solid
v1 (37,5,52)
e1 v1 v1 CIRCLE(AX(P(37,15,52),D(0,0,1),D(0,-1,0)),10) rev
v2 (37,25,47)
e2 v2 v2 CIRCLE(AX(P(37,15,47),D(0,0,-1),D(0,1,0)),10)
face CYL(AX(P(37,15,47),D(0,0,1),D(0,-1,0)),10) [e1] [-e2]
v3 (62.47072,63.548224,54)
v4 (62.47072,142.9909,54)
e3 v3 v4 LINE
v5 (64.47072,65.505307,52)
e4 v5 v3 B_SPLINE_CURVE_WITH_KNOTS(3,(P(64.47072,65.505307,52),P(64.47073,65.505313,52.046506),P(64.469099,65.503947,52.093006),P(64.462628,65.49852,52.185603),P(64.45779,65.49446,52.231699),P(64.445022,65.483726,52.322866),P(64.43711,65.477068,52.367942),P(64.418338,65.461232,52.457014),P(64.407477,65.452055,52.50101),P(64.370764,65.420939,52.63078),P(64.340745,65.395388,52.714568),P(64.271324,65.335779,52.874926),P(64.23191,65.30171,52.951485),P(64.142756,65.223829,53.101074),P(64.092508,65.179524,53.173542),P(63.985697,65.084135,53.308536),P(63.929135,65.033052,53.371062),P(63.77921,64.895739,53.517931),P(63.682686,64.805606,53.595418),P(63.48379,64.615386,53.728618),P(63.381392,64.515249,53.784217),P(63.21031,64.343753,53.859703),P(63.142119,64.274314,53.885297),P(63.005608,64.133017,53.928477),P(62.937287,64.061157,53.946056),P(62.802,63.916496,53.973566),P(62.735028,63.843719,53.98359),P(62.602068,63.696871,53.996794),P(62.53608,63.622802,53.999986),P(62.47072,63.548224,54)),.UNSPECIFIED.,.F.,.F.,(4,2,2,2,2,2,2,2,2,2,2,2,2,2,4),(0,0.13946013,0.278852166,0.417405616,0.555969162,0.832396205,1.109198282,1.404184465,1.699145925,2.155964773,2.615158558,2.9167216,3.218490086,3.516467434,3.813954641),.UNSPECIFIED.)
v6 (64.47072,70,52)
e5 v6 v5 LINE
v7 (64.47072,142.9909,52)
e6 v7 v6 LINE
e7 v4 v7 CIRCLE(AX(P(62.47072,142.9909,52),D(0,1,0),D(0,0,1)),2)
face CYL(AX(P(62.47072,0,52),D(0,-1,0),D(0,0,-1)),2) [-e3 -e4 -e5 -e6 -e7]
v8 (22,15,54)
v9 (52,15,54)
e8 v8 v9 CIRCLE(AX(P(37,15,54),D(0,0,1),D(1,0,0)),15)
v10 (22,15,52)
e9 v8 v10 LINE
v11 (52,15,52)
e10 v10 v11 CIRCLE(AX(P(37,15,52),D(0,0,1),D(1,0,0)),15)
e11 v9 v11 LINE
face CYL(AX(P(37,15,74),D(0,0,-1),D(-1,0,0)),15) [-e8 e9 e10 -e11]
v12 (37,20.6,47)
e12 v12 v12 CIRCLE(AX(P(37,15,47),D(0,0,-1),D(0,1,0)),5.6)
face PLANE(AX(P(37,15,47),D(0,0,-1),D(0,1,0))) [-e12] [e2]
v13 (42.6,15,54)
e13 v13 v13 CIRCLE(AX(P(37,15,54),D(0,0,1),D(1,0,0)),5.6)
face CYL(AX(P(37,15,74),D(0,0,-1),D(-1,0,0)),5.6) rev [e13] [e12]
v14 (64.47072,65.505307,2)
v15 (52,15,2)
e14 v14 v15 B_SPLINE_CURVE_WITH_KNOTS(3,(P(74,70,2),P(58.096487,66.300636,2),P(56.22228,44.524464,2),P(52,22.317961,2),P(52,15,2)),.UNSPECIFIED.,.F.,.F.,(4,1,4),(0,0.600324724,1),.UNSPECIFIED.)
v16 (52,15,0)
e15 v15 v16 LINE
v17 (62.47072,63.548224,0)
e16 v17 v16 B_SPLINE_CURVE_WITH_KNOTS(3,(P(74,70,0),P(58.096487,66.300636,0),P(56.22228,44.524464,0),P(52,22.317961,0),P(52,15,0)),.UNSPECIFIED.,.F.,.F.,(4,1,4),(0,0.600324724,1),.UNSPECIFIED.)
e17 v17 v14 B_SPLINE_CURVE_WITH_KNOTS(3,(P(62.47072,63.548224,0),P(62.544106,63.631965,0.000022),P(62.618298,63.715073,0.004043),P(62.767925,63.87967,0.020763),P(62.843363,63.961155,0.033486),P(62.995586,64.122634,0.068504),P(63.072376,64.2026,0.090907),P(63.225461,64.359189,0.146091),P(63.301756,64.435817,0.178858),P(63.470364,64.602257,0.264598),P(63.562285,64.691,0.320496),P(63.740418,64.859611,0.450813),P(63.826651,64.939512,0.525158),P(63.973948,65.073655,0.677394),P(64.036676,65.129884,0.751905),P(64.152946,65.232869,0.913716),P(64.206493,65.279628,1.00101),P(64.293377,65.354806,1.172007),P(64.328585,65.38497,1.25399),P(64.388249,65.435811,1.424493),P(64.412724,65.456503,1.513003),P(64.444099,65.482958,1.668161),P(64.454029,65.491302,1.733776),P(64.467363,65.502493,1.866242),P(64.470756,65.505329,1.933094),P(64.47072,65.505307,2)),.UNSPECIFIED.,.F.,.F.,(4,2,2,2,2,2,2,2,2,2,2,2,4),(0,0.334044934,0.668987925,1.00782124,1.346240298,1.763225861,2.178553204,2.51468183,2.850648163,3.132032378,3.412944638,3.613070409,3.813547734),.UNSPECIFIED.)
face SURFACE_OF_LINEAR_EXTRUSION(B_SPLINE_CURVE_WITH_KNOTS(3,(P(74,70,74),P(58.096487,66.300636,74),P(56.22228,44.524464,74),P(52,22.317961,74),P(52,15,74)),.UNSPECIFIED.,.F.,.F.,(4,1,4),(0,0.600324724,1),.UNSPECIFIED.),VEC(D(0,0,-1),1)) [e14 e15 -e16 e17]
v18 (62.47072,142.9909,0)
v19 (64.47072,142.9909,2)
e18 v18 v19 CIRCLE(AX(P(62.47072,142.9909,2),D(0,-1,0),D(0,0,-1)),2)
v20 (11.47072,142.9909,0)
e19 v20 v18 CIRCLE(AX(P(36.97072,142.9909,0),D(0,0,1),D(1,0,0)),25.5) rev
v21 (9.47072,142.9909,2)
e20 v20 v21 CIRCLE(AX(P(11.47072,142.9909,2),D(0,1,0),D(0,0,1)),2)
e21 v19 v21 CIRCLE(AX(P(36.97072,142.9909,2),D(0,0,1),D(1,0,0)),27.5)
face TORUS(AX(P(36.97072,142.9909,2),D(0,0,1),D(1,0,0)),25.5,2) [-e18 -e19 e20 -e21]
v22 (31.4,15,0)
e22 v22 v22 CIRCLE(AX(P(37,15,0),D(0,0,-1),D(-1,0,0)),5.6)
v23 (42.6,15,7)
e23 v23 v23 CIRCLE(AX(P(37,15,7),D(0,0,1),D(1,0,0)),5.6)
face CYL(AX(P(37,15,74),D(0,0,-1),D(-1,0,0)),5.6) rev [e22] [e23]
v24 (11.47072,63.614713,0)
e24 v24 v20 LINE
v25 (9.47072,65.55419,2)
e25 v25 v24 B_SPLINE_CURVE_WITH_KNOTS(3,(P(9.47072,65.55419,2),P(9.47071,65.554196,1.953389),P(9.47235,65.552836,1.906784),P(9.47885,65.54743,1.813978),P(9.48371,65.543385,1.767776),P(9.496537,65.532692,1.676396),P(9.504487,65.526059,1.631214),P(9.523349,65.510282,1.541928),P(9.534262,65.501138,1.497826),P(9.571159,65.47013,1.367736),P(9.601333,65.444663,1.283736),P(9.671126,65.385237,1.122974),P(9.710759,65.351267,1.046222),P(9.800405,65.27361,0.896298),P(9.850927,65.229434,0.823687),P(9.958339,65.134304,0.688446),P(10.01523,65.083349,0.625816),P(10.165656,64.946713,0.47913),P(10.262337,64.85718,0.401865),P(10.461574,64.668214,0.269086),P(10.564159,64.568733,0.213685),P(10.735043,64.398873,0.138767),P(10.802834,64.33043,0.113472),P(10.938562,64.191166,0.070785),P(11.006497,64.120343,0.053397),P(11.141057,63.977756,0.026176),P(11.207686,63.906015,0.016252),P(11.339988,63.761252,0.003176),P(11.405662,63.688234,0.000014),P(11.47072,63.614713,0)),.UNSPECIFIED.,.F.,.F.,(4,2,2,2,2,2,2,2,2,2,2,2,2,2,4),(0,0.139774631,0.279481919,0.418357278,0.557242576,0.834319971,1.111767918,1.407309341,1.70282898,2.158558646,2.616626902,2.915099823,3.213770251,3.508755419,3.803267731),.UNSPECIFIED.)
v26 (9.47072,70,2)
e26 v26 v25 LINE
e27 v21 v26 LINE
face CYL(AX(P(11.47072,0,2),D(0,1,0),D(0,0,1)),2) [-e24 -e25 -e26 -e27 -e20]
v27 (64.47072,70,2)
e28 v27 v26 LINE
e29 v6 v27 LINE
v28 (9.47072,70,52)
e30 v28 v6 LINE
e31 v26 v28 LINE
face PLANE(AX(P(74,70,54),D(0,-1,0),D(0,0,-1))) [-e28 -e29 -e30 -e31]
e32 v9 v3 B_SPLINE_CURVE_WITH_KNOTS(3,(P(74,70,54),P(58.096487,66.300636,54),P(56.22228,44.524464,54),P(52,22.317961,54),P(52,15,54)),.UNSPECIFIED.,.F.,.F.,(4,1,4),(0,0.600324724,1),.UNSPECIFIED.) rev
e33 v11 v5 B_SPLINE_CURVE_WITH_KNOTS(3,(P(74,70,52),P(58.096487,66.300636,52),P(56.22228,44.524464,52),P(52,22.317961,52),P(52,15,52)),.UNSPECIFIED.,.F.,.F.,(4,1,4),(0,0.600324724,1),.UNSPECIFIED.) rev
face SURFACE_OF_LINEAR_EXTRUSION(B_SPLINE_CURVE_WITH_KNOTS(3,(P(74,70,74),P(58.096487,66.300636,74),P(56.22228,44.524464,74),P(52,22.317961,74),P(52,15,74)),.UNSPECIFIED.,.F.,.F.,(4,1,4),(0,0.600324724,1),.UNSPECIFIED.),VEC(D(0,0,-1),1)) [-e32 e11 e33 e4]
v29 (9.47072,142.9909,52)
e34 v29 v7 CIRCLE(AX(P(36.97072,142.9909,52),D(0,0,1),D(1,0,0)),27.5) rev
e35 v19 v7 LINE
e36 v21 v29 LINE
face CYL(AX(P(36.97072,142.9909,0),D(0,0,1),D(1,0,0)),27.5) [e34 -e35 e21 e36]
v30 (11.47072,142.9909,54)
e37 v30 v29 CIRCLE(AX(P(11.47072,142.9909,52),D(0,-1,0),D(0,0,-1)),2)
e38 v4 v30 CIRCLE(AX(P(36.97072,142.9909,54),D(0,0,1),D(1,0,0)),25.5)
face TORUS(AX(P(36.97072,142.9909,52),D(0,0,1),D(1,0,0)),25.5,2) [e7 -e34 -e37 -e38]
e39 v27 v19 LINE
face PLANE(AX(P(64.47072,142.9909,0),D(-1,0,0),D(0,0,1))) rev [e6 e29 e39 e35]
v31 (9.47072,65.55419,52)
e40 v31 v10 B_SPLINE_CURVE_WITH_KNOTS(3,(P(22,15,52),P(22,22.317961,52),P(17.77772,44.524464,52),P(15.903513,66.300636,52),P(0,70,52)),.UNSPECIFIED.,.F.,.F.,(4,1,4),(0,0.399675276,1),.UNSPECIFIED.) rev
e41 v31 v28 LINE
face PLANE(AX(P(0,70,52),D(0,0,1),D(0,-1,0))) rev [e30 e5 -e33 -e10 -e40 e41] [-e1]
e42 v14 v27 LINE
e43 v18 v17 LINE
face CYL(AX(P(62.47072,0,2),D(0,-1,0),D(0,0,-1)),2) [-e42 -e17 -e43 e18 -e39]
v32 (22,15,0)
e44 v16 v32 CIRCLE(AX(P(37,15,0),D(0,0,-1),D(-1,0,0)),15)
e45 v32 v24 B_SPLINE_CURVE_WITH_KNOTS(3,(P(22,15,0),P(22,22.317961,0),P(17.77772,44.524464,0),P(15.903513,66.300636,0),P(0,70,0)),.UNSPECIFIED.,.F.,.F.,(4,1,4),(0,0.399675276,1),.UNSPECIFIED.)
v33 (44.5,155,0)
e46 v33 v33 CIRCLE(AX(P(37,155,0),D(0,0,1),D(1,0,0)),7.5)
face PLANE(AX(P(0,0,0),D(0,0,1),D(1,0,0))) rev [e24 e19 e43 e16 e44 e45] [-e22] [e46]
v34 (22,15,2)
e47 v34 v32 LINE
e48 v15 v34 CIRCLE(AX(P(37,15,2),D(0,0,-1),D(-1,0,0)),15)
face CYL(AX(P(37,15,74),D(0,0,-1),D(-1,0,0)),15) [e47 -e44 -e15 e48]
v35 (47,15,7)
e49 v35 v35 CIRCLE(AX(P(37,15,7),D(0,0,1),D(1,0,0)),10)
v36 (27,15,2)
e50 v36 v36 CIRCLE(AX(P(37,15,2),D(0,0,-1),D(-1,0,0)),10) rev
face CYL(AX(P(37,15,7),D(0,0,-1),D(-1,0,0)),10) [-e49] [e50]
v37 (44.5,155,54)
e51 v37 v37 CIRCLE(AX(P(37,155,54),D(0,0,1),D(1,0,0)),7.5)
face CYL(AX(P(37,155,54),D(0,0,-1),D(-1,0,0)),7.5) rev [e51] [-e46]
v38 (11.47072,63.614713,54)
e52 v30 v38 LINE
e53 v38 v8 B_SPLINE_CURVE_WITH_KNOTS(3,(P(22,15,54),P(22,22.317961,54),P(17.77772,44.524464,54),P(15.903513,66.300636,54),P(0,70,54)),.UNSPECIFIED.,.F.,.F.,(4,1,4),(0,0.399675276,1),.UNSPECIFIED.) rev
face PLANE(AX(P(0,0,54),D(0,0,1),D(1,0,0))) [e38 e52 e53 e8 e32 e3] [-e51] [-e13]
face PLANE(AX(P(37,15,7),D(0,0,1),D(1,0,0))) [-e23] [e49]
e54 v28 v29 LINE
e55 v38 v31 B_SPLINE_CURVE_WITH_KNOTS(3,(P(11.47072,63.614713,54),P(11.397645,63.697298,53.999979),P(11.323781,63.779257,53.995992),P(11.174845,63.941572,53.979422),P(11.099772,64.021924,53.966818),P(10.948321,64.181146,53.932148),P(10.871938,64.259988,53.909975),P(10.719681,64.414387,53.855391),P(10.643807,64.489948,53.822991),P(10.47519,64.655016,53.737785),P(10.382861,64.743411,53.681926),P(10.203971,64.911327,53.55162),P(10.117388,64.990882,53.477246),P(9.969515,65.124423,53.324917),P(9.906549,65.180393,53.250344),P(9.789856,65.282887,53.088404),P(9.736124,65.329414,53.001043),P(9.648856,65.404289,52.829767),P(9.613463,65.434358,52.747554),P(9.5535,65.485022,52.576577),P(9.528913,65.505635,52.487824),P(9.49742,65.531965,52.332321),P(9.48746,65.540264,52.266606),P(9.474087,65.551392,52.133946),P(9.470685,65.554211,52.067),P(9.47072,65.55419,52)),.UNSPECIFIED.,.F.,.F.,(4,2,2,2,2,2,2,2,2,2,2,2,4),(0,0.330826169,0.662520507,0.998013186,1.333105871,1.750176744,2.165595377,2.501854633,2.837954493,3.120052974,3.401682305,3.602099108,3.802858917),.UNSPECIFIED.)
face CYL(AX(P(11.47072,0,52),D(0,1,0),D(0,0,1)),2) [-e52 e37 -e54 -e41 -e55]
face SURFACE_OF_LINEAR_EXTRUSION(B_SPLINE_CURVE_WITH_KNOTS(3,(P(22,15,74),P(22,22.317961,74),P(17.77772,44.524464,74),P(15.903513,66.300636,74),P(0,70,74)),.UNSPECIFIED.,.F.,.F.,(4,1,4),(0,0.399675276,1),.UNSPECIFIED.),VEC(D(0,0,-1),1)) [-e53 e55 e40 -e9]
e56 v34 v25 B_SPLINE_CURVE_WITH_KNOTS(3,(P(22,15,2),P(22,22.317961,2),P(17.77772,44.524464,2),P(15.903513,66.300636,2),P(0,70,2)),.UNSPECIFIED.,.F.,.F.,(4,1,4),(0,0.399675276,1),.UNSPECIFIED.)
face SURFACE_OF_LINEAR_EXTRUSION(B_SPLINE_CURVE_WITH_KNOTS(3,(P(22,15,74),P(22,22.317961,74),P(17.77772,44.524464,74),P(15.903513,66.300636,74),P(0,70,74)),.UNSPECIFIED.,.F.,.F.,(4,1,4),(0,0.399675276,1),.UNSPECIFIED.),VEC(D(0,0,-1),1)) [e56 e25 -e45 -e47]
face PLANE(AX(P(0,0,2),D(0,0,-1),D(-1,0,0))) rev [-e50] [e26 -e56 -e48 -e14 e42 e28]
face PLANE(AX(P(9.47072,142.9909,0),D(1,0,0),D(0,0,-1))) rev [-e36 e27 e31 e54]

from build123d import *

# Parameters (mm, degrees)
CROQUIS1_R              = 5.6
CROQUIS1_R_2            = 7.5
SALIENTE_EXTRUIR1_DEPTH = 54
CROQUIS6_W              = 54
CROQUIS6_H              = 70
SALIENTE_EXTRUIR3_DEPTH = 74
CORTAR_EXTRUIR13_DEPTH  = 74
CORTAR_EXTRUIR14_DEPTH  = 74
CROQUIS9_W              = 3
CROQUIS9_H              = 11.2
CORTAR_EXTRUIR15_DEPTH  = 74
CROQUIS10_R             = 5.6
CORTAR_EXTRUIR16_DEPTH  = 74
CROQUIS11_R             = 10
CROQUIS11_R_2           = 5.6
SALIENTE_EXTRUIR4_DEPTH = 5
CROQUIS12_R             = 10
CROQUIS12_R_2           = 5.6
SALIENTE_EXTRUIR5_DEPTH = 5
CROQUIS13_W             = 50
CROQUIS13_H             = 73
CORTAR_EXTRUIR17_DEPTH  = 74
CROQUIS14_W             = 74
CROQUIS14_H             = 73
SALIENTE_EXTRUIR6_DEPTH = 54
CORTAR_EXTRUIR18_DEPTH  = 54
REDONDEO3_R             = 2
REDONDEO4_R             = 2


with BuildPart() as part:
    # Croquis1 → Saliente-Extruir1 (new body)
    with BuildSketch(Plane.XY):
        with BuildLine():
            Line((0, 143), (0, 70))
            add(Edge.make_bspline(
                [(22, 15), (22, 22.317960933), (17.777719643, 44.524463784), (15.903513438, 66.300635574), (0, 70)],
                knots=[0, 0, 0, 0, 0.399675276, 1, 1, 1, 1], degree=3))
            ThreePointArc((22, 15), (37, 0), (52, 15))
            add(Edge.make_bspline(
                [(52, 15), (52, 22.317960933), (56.222280357, 44.524463784), (58.096486562, 66.300635574), (74, 70)],
                knots=[0, 0, 0, 0, 0.399675276, 1, 1, 1, 1], degree=3))
            Line((74, 70), (74, 143))
            ThreePointArc((74, 143), (37, 180), (0, 143))
        make_face()
        with Locations((37, 15)):
            Circle(CROQUIS1_R, mode=Mode.SUBTRACT)
        with Locations((37, 155)):
            Circle(CROQUIS1_R_2, mode=Mode.SUBTRACT)
    extrude(amount=SALIENTE_EXTRUIR1_DEPTH)

    # Croquis6 → Saliente-Extruir3 (add)
    with BuildSketch(Plane.ZY):
        with Locations((27, 35)):
            Rectangle(CROQUIS6_W, CROQUIS6_H)
    extrude(amount=-SALIENTE_EXTRUIR3_DEPTH)

    # Croquis7 → Cortar-Extruir13 (cut)
    with BuildSketch(Plane(origin=(74, 0, 0), x_dir=(0, 0, -1), z_dir=(1, 0, 0))):
        Polygon((-52, 0), (-2, 0), (-2, 9.4), (-5, 9.4), (-5, 20.6), (-2, 20.6), (-2, 70), (-52, 70), (-52, 20.6), (-49, 20.6), (-49, 9.4), (-52, 9.4), align=None)
    extrude(amount=-CORTAR_EXTRUIR13_DEPTH, mode=Mode.SUBTRACT)

    # Croquis8 → Cortar-Extruir14 (cut)
    with BuildSketch(Plane(origin=(0, 0, 0), x_dir=(-1, 0, 0), z_dir=(0, 0, -1))):
        with BuildLine():
            add(Edge.make_bspline(
                [(-74, 70), (-58.096486562, 66.300635574), (-56.222280357, 44.524463784), (-52, 22.317960933), (-52, 15)],
                knots=[0, 0, 0, 0, 0.600324724, 1, 1, 1, 1], degree=3))
            Line((-74, 70), (-74, 0))
            Line((-74, 0), (-37, 0))
            ThreePointArc((-37, 0), (-47.606601718, 4.393398282), (-52, 15))
        make_face()
        with BuildLine():
            ThreePointArc((-22, 15), (-26.393398282, 4.393398282), (-37, 0))
            Line((-37, 0), (0, 0))
            Line((0, 0), (0, 70))
            add(Edge.make_bspline(
                [(-22, 15), (-22, 22.317960933), (-17.777719643, 44.524463784), (-15.903513438, 66.300635574), (0, 70)],
                knots=[0, 0, 0, 0, 0.399675276, 1, 1, 1, 1], degree=3))
        make_face()
    extrude(amount=-CORTAR_EXTRUIR14_DEPTH, mode=Mode.SUBTRACT)

    # Croquis9 → Cortar-Extruir15 (cut)
    with BuildSketch(Plane(origin=(74, 0, 0), x_dir=(0, 0, -1), z_dir=(1, 0, 0))):
        with Locations((-50.5, 15)):
            Rectangle(CROQUIS9_W, CROQUIS9_H)
        Polygon((-2, 20.6), (-5.198845147, 20.6), (-5, 9.4), (-2, 9.4), align=None)
    extrude(amount=-CORTAR_EXTRUIR15_DEPTH, mode=Mode.SUBTRACT)

    # Croquis10 → Cortar-Extruir16 (cut)
    with BuildSketch(Plane(origin=(0, 0, 0), x_dir=(-1, 0, 0), z_dir=(0, 0, -1))):
        with Locations((-37, 15)):
            Circle(CROQUIS10_R)
    extrude(amount=-CORTAR_EXTRUIR16_DEPTH, mode=Mode.SUBTRACT)

    # Croquis11 → Saliente-Extruir4 (add)
    with BuildSketch(Plane(origin=(0, 0, 52), x_dir=(-1, 0, 0), z_dir=(0, 0, -1))):
        with Locations(Location((-37, 15, 0), (0, 0, 270))):
            Circle(CROQUIS11_R)
        with Locations((-37, 15)):
            Circle(CROQUIS11_R_2, mode=Mode.SUBTRACT)
    extrude(amount=SALIENTE_EXTRUIR4_DEPTH)

    # Croquis12 → Saliente-Extruir5 (add)
    with BuildSketch(Plane.XY.offset(2)):
        with Locations(Location((37, 15, 0), (0, 0, 270))):
            Circle(CROQUIS12_R)
        with Locations(Location((37, 15, 0), (0, 0, 180))):
            Circle(CROQUIS12_R_2, mode=Mode.SUBTRACT)
    extrude(amount=SALIENTE_EXTRUIR5_DEPTH)

    # Croquis13 → Cortar-Extruir17 (cut)
    with BuildSketch(Plane.ZY):
        with Locations((27, 106.5)):
            Rectangle(CROQUIS13_W, CROQUIS13_H)
    extrude(amount=-CORTAR_EXTRUIR17_DEPTH, mode=Mode.SUBTRACT)

    # Croquis14 → Saliente-Extruir6 (add)
    with BuildSketch(Plane(origin=(0, 0, 0), x_dir=(-1, 0, 0), z_dir=(0, 0, -1))):
        with Locations((-37, 106.5)):
            Rectangle(CROQUIS14_W, CROQUIS14_H)
    extrude(amount=-SALIENTE_EXTRUIR6_DEPTH)

    # Croquis15 → Cortar-Extruir18 (cut)
    with BuildSketch(Plane.XY.offset(54)):
        with BuildLine():
            Line((9.470720421, 142.990900166), (9.470720421, 62.137684014))
            Line((9.470720421, 62.137684014), (-11.518865127, 62.137684014))
            Line((-11.518865127, 62.137684014), (-11.518865127, 188.692436646))
            Line((-11.518865127, 188.692436646), (98.86488905, 188.692436646))
            Line((98.86488905, 188.692436646), (98.86488905, 62.137684014))
            Line((98.86488905, 62.137684014), (64.470720421, 62.137684014))
            Line((64.470720421, 62.137684014), (64.470720421, 142.990900166))
            ThreePointArc((64.470720421, 142.990900166), (36.970720421, 170.490900166), (9.470720421, 142.990900166))
        make_face()
    extrude(amount=-CORTAR_EXTRUIR18_DEPTH, mode=Mode.SUBTRACT)

    # Redondeo3
    redondeo3_edges = [part.edges().sort_by_distance(p)[0] for p in [
        (9.470720421, 104.272545077, 54),
        (36.970720421, 170.490900166, 54),
        (64.470720421, 104.24810361, 54),
    ]]
    fillet(redondeo3_edges, radius=REDONDEO3_R)

    # Redondeo4
    redondeo4_edges = [part.edges().sort_by_distance(p)[0] for p in [
        (36.970720421, 170.490900166, 0),
        (9.470720421, 104.272545072, 0),
        (64.470720421, 104.248103603, 0),
    ]]
    fillet(redondeo4_edges, radius=REDONDEO4_R)


solid = part.part
